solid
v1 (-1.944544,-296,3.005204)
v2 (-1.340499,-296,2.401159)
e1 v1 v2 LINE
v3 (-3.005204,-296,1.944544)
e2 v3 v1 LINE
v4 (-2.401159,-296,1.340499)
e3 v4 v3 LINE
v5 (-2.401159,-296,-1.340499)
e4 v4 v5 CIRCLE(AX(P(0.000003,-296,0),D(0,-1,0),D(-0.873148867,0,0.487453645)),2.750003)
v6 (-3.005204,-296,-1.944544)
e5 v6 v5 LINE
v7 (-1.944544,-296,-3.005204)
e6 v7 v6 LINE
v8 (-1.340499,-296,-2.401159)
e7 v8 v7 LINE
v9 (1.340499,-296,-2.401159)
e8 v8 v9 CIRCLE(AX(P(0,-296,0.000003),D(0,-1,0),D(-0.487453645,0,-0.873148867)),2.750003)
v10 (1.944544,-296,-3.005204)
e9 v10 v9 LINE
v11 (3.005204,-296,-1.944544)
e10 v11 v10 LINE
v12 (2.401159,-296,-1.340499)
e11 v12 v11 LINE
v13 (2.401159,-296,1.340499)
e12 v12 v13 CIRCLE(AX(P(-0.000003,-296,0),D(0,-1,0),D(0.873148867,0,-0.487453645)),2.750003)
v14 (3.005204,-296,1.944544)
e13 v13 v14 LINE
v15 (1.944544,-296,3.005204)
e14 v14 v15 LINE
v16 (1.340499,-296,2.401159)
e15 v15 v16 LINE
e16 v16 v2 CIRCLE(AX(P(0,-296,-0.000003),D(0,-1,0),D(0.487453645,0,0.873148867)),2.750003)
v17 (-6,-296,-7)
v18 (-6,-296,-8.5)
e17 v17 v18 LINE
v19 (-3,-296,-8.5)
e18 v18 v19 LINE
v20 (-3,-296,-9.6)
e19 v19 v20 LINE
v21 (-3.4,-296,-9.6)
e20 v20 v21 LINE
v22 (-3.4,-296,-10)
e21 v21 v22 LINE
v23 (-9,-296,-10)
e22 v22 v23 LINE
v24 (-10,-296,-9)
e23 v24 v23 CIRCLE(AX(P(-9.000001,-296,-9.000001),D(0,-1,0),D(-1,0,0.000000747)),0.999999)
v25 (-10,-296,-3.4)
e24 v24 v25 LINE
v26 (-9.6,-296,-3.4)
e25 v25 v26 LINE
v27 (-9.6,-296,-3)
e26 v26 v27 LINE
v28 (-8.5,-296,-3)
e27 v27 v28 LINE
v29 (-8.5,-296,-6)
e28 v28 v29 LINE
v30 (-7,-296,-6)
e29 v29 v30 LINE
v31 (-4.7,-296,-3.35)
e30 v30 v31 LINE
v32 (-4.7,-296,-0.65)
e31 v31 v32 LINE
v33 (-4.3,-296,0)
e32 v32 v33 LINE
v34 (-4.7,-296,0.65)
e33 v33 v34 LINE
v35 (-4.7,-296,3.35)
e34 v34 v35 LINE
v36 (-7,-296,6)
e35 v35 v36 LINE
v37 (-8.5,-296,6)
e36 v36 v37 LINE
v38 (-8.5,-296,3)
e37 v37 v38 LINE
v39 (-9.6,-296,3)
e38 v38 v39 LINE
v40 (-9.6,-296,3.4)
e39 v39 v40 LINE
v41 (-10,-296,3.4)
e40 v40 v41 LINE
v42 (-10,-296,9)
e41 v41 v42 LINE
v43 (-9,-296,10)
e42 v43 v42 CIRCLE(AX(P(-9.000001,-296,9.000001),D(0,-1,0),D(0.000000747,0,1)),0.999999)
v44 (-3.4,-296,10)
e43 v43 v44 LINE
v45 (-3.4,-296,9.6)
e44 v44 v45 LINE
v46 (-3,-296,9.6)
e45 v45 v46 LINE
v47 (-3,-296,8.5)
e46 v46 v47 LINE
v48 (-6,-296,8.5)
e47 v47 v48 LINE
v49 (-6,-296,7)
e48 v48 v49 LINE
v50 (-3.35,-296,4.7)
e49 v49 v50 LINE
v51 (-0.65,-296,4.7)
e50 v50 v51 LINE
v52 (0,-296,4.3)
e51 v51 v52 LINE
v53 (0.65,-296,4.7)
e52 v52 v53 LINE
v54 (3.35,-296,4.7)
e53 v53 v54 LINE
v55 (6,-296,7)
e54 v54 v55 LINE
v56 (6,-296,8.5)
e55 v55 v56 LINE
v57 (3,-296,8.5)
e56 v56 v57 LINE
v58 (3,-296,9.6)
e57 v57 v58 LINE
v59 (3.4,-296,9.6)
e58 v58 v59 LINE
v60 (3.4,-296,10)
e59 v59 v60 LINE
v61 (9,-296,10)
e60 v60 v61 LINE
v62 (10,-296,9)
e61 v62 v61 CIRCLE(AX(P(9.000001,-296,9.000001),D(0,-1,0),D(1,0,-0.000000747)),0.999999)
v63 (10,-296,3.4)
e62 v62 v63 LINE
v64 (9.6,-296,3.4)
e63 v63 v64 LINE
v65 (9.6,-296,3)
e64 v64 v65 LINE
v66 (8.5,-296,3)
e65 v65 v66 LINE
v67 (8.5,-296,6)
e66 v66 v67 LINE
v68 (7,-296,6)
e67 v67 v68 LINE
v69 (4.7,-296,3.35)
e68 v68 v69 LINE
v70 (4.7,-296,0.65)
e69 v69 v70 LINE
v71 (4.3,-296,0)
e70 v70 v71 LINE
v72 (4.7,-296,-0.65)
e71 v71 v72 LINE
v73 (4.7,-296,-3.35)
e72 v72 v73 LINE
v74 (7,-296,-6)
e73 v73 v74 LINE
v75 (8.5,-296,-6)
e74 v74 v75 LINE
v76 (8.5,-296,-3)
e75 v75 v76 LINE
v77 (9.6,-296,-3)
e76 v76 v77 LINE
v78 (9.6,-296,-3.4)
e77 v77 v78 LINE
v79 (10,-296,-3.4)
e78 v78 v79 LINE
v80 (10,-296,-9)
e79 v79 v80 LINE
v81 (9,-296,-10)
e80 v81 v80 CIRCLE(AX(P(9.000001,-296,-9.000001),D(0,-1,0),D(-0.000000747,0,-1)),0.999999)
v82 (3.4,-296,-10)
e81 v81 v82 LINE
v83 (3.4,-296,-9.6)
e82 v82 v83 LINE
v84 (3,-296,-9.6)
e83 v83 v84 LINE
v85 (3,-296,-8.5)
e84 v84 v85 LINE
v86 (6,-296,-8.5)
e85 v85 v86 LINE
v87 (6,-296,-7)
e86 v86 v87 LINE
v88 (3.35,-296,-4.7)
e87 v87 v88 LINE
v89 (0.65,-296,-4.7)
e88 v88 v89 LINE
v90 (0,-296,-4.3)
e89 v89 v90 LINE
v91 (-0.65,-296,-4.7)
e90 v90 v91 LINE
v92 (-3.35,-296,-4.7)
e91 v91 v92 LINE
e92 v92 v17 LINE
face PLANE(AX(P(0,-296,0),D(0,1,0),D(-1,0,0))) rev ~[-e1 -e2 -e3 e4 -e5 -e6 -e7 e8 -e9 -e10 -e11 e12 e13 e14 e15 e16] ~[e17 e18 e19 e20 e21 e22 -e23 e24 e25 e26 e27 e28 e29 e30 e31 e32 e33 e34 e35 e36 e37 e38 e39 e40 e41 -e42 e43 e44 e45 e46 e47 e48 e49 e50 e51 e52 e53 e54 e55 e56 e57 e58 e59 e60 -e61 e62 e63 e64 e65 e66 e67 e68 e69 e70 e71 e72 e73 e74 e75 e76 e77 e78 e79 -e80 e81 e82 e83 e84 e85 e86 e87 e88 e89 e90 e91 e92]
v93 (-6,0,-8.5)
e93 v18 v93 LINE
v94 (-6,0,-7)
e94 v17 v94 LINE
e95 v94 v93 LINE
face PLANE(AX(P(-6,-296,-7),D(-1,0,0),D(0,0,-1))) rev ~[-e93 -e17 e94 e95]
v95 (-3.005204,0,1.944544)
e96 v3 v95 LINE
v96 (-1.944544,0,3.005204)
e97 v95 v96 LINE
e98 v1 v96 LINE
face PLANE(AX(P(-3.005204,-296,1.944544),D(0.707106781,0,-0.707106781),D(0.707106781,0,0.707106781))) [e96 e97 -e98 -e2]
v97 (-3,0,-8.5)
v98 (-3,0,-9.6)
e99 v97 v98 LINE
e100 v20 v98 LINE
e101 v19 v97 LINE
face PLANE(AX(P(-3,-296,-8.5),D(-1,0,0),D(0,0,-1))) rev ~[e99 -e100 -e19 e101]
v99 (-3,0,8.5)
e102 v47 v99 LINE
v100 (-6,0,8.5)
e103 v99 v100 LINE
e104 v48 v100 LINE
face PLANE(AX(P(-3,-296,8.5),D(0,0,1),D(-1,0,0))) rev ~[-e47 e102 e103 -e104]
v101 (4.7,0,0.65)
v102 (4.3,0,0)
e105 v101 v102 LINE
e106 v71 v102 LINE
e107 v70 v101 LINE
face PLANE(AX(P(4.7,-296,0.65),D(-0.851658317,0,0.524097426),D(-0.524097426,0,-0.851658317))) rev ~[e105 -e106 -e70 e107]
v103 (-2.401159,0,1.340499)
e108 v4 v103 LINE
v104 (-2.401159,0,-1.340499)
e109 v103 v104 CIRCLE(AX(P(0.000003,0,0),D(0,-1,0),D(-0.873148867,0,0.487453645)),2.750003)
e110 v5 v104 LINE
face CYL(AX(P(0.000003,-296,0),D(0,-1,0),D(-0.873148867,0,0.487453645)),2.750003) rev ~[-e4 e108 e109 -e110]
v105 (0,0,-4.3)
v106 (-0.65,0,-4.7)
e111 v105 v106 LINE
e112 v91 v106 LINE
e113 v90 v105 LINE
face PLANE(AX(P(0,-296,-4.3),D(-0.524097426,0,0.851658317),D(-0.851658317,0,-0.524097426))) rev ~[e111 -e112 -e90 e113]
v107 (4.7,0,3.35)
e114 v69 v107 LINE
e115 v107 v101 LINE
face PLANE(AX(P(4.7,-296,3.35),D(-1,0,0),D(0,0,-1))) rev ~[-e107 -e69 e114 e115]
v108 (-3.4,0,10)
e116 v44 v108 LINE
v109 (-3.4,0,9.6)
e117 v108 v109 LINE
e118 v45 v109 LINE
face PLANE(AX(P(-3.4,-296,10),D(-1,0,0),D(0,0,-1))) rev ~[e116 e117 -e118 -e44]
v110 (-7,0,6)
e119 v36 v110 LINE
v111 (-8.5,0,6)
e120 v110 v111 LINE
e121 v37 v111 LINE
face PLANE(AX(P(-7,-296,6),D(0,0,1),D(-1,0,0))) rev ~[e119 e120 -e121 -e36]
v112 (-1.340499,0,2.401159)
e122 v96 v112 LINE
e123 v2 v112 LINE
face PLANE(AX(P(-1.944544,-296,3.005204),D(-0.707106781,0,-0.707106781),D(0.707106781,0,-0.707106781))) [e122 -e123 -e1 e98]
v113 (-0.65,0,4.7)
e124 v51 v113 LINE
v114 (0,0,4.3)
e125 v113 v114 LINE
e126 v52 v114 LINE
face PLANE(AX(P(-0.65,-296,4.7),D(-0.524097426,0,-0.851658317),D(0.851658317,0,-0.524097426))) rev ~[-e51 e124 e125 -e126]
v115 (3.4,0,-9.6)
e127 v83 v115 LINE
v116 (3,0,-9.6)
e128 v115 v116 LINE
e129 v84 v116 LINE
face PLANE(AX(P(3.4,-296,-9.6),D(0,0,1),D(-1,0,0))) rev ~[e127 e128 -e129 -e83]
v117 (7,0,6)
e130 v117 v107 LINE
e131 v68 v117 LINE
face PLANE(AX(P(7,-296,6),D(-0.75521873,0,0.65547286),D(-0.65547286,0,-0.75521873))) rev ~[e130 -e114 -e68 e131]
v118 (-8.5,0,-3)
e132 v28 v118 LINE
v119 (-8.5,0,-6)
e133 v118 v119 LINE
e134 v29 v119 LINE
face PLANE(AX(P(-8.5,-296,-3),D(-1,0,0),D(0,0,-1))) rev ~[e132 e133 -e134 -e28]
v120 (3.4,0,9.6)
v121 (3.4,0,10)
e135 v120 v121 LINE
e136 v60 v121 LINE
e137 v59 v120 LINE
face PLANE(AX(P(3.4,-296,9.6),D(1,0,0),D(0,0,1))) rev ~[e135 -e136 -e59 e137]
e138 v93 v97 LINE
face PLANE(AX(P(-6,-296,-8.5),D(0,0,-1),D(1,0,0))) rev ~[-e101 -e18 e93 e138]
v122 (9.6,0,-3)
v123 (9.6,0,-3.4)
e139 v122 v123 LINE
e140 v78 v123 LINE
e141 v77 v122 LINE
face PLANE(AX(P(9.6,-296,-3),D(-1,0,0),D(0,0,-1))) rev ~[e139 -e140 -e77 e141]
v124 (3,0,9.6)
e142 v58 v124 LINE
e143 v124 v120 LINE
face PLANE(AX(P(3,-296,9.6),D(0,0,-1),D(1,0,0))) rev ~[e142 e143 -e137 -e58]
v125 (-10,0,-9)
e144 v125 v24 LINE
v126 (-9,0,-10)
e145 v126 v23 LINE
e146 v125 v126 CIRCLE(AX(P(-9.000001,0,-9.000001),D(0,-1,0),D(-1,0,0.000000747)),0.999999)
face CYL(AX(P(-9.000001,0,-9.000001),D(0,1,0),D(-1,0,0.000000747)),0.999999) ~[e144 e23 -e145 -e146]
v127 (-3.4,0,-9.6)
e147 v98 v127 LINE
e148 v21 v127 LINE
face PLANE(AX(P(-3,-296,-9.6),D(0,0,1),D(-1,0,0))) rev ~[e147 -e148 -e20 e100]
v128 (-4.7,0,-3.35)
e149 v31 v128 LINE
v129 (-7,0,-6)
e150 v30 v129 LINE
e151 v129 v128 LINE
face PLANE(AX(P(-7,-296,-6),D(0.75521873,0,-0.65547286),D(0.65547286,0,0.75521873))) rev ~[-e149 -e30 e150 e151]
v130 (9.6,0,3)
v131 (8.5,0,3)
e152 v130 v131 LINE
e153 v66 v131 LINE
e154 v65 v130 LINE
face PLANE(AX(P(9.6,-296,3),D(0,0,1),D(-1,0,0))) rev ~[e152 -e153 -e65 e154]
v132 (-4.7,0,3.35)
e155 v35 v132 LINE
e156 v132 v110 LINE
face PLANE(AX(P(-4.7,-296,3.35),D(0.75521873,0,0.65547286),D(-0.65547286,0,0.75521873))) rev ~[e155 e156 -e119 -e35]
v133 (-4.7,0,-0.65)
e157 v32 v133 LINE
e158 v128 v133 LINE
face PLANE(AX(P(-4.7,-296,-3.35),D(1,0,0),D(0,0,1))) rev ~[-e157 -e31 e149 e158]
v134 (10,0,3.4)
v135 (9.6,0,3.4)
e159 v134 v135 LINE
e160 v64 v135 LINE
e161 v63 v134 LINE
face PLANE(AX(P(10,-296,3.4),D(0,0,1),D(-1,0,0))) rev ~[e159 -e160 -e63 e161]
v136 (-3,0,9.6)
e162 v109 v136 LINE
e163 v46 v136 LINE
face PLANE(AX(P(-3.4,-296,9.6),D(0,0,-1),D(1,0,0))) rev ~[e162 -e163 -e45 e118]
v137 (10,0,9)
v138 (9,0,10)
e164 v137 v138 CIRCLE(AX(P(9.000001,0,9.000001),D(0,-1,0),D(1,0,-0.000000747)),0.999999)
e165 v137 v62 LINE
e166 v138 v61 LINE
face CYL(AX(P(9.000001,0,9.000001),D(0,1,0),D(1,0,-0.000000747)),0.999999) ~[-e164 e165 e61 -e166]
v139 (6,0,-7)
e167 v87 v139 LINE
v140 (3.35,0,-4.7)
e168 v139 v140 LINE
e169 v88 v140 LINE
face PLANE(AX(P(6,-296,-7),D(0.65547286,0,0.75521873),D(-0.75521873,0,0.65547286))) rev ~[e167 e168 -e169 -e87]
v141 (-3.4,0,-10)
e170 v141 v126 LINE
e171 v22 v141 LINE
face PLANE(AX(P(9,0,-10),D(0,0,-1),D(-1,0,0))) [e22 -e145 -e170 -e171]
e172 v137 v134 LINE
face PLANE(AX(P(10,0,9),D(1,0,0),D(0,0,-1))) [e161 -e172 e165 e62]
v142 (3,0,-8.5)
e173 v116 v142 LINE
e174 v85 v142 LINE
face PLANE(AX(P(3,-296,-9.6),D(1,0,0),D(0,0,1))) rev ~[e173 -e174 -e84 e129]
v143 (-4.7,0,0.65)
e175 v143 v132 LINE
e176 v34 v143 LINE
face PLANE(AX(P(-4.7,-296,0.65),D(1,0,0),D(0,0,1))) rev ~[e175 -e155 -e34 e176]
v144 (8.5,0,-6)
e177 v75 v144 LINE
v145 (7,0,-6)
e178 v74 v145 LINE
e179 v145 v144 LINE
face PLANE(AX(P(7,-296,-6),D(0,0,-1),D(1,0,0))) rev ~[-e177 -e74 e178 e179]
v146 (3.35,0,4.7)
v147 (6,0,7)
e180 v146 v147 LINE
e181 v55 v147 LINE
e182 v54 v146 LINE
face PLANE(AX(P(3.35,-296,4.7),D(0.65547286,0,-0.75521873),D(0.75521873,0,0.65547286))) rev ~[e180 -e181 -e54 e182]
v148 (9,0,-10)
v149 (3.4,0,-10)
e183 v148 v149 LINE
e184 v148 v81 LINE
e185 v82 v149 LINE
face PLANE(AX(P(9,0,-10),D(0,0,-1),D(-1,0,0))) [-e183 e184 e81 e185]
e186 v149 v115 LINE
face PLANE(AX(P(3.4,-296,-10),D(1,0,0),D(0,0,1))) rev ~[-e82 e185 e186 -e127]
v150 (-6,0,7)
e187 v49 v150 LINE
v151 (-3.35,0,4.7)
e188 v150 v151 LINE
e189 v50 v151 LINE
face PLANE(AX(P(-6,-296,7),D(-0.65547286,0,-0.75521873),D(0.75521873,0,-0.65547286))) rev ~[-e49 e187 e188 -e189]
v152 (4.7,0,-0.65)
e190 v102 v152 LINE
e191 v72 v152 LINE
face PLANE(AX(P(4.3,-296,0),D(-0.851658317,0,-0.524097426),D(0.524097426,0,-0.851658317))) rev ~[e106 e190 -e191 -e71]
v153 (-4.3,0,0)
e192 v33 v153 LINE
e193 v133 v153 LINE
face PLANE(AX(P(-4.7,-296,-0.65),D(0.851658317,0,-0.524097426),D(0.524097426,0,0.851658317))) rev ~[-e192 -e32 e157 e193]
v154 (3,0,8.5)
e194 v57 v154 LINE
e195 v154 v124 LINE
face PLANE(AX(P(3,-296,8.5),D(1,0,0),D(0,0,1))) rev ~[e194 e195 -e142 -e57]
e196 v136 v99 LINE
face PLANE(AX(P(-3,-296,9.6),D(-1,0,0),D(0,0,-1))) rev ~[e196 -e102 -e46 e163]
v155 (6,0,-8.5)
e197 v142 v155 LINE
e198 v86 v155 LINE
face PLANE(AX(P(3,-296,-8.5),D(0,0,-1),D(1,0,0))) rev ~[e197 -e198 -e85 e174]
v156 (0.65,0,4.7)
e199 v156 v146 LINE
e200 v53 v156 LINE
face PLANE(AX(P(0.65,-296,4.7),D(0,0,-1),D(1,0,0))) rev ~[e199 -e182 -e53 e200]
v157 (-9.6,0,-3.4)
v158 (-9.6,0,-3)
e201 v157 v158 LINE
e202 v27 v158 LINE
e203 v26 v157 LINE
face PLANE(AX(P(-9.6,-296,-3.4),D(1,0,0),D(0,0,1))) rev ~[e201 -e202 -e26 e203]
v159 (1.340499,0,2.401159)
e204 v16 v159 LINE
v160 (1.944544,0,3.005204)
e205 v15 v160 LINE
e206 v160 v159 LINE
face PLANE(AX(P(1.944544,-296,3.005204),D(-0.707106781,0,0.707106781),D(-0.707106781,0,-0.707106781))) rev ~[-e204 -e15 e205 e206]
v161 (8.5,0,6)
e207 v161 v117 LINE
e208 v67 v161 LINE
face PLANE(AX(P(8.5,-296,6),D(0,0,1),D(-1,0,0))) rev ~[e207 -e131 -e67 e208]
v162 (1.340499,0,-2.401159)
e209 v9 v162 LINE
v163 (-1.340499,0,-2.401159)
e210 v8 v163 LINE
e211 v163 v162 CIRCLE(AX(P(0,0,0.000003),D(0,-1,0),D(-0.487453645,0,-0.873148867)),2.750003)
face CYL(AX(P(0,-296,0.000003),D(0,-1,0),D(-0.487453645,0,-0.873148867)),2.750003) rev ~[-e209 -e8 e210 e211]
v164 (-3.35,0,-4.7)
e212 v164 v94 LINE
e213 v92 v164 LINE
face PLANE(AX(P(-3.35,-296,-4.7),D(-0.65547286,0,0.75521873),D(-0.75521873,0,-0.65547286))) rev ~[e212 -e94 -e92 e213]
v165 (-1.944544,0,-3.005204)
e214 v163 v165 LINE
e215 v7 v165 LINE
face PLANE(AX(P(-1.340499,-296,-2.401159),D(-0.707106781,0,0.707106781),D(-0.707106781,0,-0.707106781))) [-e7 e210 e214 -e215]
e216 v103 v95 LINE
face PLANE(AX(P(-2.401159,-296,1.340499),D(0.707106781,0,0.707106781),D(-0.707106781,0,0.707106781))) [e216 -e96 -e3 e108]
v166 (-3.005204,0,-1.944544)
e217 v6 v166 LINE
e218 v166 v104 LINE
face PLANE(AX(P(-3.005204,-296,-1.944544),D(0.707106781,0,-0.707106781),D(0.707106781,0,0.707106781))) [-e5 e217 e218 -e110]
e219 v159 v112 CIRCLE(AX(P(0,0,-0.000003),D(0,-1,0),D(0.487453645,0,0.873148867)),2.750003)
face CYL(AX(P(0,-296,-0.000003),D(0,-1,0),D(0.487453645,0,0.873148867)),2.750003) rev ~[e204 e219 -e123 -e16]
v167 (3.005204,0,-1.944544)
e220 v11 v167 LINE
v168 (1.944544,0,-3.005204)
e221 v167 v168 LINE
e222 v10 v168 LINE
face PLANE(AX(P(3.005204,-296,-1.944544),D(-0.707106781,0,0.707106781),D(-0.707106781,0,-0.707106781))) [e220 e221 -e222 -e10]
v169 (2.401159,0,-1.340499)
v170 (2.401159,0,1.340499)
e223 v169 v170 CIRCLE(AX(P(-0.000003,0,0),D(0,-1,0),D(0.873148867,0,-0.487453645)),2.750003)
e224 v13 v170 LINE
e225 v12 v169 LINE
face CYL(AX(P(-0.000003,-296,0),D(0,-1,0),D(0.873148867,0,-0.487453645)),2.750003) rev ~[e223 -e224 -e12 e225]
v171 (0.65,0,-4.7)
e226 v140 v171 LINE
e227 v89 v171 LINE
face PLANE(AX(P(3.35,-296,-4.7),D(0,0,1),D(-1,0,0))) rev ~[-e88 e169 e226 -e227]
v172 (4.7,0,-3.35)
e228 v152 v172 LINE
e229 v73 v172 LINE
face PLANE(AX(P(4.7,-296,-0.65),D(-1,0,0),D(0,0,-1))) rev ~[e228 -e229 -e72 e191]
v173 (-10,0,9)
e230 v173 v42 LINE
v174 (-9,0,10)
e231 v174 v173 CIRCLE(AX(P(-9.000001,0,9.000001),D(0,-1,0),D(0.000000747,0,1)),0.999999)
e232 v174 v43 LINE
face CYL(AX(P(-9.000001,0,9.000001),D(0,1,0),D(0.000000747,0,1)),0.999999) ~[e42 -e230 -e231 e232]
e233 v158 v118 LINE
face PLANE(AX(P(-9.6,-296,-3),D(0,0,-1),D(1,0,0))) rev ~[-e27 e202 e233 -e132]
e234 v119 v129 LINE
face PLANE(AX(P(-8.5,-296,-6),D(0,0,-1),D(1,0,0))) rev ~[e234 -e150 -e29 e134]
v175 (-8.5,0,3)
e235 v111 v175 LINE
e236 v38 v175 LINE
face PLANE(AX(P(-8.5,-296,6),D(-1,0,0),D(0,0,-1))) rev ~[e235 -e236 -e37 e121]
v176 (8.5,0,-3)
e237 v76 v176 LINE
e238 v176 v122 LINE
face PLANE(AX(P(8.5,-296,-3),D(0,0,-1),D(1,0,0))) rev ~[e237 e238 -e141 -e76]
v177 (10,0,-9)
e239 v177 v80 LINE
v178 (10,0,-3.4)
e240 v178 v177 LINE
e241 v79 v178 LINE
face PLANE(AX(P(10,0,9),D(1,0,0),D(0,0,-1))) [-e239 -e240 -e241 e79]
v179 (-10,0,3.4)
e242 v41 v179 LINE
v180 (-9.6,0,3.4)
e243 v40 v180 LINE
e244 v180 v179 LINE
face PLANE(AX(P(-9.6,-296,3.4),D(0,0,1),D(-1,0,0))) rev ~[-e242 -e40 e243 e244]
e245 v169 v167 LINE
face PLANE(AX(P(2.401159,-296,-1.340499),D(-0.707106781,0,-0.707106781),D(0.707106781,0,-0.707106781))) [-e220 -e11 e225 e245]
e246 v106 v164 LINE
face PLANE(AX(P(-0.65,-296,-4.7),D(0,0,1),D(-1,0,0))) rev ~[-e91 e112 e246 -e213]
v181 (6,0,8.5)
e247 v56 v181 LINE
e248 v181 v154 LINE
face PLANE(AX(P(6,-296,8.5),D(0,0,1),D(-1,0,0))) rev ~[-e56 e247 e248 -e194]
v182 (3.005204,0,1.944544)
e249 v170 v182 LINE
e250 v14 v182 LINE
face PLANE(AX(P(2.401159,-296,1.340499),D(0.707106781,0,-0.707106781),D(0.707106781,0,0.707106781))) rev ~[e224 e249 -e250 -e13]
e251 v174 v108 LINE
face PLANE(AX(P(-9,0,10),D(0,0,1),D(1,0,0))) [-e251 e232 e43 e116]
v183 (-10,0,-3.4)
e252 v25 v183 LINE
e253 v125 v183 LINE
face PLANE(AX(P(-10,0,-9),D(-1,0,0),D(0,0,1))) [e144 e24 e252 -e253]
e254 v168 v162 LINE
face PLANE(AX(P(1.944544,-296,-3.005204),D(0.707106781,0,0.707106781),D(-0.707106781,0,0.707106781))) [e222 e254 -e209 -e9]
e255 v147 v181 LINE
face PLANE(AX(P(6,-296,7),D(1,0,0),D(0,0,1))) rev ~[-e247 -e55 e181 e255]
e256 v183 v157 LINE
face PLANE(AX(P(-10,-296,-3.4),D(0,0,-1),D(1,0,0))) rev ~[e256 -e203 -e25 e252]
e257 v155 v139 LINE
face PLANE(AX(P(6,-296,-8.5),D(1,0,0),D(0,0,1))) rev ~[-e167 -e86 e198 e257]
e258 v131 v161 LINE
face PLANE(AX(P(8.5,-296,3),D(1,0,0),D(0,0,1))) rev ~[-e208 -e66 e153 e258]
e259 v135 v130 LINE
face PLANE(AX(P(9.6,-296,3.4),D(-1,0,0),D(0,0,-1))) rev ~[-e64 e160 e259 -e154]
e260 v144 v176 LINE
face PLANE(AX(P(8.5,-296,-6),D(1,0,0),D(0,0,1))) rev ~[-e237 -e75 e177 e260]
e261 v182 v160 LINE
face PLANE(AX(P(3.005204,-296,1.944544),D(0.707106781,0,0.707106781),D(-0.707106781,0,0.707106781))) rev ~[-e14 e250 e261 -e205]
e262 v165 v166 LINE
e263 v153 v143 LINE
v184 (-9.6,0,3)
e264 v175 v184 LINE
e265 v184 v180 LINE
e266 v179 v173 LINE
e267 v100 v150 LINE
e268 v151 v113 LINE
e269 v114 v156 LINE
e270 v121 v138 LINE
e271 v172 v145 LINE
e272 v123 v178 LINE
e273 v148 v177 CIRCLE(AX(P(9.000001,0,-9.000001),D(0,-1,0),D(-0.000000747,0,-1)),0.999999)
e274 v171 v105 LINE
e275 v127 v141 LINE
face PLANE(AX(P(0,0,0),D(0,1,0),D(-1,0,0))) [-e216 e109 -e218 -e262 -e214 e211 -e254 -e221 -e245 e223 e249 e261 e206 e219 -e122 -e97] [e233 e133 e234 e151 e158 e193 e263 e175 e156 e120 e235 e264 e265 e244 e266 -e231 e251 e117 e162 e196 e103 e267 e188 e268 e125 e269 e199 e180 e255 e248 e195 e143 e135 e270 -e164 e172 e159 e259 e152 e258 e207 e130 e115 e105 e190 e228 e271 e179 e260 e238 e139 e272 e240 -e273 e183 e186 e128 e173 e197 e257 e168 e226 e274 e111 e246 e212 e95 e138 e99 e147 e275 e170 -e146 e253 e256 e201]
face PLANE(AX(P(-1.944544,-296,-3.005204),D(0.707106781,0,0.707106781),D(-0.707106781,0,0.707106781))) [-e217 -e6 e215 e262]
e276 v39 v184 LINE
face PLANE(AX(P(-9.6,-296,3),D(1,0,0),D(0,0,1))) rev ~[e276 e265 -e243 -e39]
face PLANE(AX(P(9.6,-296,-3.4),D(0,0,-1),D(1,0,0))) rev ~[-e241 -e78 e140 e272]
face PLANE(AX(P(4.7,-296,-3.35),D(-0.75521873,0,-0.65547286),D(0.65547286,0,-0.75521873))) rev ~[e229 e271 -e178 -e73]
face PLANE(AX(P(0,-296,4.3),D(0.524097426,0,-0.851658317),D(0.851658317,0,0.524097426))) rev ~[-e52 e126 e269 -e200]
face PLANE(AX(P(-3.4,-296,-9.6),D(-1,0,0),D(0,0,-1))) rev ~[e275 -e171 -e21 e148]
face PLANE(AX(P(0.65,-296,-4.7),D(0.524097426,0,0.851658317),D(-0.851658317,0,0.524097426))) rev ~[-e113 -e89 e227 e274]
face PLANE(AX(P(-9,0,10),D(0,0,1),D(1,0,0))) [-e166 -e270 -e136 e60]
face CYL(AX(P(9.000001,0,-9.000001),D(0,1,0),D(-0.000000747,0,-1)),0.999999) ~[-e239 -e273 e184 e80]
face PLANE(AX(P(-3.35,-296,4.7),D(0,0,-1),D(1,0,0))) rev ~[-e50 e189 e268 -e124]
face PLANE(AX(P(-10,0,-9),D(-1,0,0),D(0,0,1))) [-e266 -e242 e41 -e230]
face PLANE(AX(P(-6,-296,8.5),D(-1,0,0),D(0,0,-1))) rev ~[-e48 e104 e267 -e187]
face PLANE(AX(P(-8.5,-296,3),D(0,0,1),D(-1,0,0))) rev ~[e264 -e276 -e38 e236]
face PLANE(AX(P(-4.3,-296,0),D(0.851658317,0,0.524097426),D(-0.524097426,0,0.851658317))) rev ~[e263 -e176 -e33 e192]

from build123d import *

# Parameters (mm, degrees)
PAD001008_DEPTH       = 296
POCKET021004_DEPTH    = 296
POLARPATTERN002_COUNT = 4
POCKET021005_DEPTH    = 296


with BuildPart() as part:
    # Sketch043 → Pad001008 (new body)
    with BuildSketch(Plane.XZ):
        with BuildLine():
            Line((-9, 10), (9, 10))
            ThreePointArc((10, 9), (9.707107, 9.707107), (9, 10))
            Line((10, 9), (10, -9))
            ThreePointArc((9, -10), (9.707107, -9.707107), (10, -9))
            Line((9, -10), (-9, -10))
            ThreePointArc((-10, -9), (-9.707107, -9.707107), (-9, -10))
            Line((-10, -9), (-10, 9))
            ThreePointArc((-9, 10), (-9.707107, 9.707107), (-10, 9))
        make_face()
    extrude(amount=PAD001008_DEPTH)

    # Sketch042 (on Face10 of Pad001008) → Pocket021004 (cut)
    with BuildSketch(Plane.XZ.offset(296)):
        Polygon((-3.4, 10), (-3.4, 9.6), (-3, 9.6), (-3, 8.5), (-6, 8.5), (-6, 7), (-3.35, 4.7), (-0.65, 4.7), (0, 4.3), (0.65, 4.7), (3.35, 4.7), (6, 7), (6, 8.5), (3, 8.5), (3, 9.6), (3.4, 9.6), (3.4, 10), align=None)
    pocket021004 = extrude(amount=-POCKET021004_DEPTH, mode=Mode.SUBTRACT)

    # PolarPattern002: Pocket021004 ×4 about axis
    polarpattern002_axis = Axis((0, -296, 0), (0, -1, 0))
    for i in range(1, POLARPATTERN002_COUNT):
        add(pocket021004.rotate(polarpattern002_axis, i * 360 / POLARPATTERN002_COUNT), mode=Mode.SUBTRACT)

    # Sketch041 (on Face4 of PolarPattern002) → Pocket021005 (cut)
    with BuildSketch(Plane.XZ.offset(296)):
        with BuildLine():
            ThreePointArc((1.340499, 2.401159), (0, 2.75), (-1.340499, 2.401159))
            Line((-1.944544, 3.005204), (-1.340499, 2.401159))
            Line((-3.005204, 1.944544), (-1.944544, 3.005204))
            Line((-2.401159, 1.340499), (-3.005204, 1.944544))
            ThreePointArc((-2.401159, 1.340499), (-2.75, 0), (-2.401159, -1.340499))
            Line((-3.005204, -1.944544), (-2.401159, -1.340499))
            Line((-1.944544, -3.005204), (-3.005204, -1.944544))
            Line((-1.340499, -2.401159), (-1.944544, -3.005204))
            ThreePointArc((-1.340499, -2.401159), (0, -2.75), (1.340499, -2.401159))
            Line((1.944544, -3.005204), (1.340499, -2.401159))
            Line((3.005204, -1.944544), (1.944544, -3.005204))
            Line((2.401159, -1.340499), (3.005204, -1.944544))
            ThreePointArc((2.401159, -1.340499), (2.75, 0), (2.401159, 1.340499))
            Line((2.401159, 1.340499), (3.005204, 1.944544))
            Line((3.005204, 1.944544), (1.944544, 3.005204))
            Line((1.944544, 3.005204), (1.340499, 2.401159))
        make_face()
    extrude(amount=-POCKET021005_DEPTH, mode=Mode.SUBTRACT)


solid = part.part
